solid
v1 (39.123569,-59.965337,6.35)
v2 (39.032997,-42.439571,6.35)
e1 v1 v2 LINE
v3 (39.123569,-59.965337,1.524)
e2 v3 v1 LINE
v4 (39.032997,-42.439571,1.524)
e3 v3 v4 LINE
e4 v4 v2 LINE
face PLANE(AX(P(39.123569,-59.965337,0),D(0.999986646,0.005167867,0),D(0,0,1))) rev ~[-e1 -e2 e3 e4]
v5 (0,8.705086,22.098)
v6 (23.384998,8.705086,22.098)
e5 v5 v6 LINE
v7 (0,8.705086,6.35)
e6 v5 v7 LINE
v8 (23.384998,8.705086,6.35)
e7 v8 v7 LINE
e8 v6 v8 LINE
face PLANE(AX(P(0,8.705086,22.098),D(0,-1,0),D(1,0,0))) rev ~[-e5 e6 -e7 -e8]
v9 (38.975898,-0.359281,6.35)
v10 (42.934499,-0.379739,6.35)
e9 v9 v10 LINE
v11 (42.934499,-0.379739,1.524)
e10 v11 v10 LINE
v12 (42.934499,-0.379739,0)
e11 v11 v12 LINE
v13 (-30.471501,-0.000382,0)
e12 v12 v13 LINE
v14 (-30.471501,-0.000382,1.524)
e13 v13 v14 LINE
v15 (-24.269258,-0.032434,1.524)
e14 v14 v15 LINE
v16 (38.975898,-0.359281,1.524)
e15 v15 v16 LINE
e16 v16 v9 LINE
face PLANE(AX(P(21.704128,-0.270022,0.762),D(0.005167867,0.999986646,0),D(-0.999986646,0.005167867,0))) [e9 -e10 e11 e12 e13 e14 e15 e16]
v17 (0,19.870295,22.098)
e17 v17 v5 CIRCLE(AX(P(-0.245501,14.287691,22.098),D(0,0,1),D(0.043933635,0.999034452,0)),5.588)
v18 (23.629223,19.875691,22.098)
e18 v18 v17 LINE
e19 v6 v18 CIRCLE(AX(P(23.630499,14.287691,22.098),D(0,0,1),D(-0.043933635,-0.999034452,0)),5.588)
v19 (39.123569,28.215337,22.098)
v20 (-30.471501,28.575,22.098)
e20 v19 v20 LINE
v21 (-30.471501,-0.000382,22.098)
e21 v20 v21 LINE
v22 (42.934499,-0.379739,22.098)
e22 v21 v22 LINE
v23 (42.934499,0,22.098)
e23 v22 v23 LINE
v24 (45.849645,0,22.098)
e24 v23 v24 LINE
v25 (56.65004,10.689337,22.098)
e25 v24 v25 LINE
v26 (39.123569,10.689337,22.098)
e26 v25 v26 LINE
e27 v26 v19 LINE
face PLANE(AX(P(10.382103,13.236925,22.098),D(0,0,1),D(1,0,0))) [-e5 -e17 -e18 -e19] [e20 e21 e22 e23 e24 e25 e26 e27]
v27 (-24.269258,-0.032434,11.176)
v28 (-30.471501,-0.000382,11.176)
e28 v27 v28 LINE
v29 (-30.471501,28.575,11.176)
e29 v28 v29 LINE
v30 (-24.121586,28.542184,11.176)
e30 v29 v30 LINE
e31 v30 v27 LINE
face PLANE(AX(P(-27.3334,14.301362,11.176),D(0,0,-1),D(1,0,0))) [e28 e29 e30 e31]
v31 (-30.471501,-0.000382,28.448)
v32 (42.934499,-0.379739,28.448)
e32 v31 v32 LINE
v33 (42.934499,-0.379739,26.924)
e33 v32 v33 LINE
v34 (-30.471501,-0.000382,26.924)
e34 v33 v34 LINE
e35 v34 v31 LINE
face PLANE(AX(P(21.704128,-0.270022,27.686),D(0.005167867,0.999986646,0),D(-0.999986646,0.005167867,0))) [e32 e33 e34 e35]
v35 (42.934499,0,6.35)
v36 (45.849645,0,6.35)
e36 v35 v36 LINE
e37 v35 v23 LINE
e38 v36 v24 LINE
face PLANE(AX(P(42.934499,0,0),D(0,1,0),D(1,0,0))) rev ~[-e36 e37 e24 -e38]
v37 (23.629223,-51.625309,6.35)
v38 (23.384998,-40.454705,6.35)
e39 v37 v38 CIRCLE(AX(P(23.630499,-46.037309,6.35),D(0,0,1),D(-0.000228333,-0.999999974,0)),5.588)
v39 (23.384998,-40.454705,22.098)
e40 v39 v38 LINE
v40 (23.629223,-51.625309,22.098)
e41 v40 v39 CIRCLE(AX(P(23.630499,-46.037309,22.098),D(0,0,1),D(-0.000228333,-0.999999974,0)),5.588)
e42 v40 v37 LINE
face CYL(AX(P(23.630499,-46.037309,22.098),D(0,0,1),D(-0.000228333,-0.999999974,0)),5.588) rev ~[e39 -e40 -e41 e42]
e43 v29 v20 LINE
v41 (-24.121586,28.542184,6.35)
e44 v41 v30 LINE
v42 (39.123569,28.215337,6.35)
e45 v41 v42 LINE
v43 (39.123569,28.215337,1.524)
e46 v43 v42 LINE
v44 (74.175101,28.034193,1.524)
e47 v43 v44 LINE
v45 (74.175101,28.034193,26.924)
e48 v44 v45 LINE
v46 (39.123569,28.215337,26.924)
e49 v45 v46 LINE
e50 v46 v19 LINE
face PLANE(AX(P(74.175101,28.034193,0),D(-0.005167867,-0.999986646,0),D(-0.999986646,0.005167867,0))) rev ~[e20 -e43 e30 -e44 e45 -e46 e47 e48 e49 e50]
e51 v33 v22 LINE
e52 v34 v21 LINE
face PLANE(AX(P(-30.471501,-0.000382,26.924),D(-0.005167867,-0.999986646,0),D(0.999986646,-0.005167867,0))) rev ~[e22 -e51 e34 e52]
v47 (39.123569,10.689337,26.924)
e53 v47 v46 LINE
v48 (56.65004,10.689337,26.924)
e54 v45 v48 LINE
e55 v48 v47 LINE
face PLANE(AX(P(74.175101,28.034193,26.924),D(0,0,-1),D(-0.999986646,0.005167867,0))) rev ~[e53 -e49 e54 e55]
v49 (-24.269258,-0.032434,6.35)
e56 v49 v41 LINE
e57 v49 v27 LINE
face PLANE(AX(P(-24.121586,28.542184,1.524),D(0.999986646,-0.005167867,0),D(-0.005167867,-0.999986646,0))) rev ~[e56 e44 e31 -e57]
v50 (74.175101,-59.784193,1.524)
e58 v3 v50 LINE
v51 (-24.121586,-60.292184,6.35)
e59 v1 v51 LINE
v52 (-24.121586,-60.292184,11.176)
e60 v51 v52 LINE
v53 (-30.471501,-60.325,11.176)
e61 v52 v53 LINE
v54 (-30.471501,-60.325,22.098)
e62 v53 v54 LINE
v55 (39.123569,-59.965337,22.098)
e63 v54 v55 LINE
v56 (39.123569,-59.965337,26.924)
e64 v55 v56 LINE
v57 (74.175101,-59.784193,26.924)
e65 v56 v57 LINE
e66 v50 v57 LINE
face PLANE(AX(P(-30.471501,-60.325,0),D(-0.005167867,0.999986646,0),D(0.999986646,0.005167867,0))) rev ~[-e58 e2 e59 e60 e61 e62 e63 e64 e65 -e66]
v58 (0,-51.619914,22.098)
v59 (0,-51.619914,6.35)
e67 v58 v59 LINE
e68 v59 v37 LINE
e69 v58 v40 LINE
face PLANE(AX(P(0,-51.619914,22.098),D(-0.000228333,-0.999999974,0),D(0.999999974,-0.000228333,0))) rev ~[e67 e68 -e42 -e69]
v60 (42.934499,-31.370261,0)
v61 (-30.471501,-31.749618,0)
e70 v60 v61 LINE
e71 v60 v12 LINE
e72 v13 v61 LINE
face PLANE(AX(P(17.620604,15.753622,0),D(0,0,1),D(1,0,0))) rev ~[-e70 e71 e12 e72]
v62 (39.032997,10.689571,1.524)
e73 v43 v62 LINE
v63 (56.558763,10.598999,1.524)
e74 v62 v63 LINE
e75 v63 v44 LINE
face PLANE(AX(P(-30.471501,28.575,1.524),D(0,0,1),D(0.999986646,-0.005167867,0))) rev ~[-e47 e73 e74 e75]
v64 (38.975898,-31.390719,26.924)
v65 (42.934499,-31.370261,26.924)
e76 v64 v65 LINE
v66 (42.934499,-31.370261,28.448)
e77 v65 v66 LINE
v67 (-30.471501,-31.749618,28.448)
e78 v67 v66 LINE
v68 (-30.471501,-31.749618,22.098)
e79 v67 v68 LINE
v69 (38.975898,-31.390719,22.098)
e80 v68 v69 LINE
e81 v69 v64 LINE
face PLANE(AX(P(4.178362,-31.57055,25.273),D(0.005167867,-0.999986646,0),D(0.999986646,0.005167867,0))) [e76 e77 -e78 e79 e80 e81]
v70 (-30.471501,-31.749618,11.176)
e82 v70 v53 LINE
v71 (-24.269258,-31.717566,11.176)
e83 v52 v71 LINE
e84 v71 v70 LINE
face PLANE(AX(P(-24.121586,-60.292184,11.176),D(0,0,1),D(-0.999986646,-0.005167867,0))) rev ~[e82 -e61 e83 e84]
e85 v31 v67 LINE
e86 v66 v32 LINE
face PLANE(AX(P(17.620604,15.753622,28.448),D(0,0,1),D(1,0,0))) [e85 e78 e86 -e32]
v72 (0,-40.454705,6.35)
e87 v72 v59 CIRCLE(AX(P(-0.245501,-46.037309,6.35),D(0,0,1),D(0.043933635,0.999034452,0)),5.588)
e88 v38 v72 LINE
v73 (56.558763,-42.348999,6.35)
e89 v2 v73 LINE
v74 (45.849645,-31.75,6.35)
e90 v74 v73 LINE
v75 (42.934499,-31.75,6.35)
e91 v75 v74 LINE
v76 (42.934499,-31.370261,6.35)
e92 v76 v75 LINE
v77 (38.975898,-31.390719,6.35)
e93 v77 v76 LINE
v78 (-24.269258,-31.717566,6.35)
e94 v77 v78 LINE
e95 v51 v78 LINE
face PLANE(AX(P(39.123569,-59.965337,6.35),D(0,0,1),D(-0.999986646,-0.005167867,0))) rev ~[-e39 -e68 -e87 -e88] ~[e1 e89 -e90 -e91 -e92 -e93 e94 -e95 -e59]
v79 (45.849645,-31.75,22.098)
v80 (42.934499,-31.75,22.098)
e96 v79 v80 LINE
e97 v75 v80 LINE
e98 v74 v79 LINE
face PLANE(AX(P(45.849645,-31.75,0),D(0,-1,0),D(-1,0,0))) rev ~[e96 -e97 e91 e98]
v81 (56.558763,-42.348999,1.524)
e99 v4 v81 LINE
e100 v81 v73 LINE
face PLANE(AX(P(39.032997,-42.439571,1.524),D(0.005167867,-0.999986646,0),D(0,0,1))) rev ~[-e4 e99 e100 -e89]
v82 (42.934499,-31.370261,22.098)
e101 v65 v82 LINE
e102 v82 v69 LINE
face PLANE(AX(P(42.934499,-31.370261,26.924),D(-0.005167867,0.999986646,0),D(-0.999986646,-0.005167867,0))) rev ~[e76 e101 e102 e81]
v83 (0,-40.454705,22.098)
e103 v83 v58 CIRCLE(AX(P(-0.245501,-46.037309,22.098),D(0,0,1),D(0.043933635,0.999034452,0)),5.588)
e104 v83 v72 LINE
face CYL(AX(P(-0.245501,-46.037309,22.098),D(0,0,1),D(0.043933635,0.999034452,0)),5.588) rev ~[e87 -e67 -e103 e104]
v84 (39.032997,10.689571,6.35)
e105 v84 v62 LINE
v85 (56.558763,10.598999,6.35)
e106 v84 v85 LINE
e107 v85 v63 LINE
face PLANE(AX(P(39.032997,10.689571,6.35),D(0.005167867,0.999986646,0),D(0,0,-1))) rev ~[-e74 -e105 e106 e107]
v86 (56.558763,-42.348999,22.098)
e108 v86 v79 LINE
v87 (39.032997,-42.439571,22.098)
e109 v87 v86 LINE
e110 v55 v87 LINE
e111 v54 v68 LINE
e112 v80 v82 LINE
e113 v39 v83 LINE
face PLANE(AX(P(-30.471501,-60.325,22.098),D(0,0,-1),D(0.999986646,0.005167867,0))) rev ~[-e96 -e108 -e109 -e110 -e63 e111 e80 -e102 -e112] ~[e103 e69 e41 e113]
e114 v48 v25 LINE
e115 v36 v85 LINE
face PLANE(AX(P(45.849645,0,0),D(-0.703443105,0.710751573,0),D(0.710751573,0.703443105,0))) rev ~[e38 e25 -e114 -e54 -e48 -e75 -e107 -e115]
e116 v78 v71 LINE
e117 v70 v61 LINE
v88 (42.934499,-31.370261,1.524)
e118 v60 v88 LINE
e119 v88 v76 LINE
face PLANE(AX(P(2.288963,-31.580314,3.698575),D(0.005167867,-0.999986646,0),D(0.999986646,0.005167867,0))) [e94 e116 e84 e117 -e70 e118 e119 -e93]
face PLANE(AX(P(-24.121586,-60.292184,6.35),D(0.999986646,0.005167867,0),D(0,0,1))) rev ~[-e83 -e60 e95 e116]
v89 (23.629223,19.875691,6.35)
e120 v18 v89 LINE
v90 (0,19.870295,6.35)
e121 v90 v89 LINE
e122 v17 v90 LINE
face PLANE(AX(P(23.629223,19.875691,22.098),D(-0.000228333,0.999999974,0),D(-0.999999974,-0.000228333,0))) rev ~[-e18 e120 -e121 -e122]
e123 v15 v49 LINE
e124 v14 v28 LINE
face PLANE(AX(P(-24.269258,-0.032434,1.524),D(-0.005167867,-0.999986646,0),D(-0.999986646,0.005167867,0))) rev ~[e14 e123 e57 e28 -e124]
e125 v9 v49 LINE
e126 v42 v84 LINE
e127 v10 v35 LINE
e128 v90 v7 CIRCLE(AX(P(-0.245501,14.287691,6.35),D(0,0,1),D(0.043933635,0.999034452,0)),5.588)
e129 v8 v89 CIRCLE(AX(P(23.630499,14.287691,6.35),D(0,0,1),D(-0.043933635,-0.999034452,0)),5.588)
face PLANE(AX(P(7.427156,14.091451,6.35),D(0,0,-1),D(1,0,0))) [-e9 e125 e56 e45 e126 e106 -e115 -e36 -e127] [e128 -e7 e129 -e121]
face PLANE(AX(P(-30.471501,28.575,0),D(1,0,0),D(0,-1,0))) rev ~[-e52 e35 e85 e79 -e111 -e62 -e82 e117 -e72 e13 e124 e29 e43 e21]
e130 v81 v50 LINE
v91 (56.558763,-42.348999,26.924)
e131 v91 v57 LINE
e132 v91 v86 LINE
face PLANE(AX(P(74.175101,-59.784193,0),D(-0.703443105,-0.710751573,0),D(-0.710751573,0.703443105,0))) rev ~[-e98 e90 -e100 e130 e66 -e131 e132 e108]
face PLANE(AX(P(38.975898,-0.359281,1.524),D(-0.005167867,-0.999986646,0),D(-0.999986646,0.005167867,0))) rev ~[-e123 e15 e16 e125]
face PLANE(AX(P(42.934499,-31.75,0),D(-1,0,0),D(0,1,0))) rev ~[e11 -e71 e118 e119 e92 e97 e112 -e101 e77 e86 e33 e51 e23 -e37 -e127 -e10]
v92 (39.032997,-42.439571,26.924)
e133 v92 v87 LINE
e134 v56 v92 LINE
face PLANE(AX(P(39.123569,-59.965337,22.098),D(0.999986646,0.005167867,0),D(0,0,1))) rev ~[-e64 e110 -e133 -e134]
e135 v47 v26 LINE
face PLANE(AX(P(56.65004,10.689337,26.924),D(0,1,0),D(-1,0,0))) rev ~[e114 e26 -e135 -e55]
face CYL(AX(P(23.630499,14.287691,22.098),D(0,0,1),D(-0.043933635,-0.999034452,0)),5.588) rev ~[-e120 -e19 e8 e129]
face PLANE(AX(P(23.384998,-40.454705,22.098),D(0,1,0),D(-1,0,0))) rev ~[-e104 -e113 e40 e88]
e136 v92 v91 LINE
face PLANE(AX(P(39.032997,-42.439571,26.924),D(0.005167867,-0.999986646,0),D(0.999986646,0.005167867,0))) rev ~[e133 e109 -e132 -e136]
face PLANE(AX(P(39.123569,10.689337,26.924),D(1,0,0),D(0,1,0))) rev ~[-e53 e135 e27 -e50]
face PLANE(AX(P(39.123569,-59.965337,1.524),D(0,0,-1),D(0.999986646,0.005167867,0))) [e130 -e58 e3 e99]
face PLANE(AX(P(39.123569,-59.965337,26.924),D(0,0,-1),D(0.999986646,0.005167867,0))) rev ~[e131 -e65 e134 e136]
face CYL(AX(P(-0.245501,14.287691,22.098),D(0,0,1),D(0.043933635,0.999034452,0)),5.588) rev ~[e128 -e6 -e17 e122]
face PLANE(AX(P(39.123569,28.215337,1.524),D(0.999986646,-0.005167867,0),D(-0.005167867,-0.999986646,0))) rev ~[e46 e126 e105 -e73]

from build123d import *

# Parameters (mm, degrees)
F0_W      = 73.406
F0_H      = 15.875
F1_DEPTH  = 28.448
F2_W      = 35.052
F2_H      = 1.524
F3_DEPTH  = 28.575
F4_W      = 69.596
F4_H      = 6.35
F5_DEPTH  = 28.575
F7_DEPTH  = 4.826
F9_DEPTH  = 28.575
F11_DEPTH = 4.826
F13_DEPTH = 9.652
F15_DEPTH = 4.826
F17_DEPTH = 25.4
F18_W     = 11.049
F18_H     = 4.826
F19_DEPTH = 25.4
F21_DEPTH = 25.4


with BuildPart() as f1:
    # F0 (on Top) → F1 (new body)
    with BuildSketch(Plane.XY):
        Polygon((74.175101427, 28.0341930517), (-30.4715011545, 28.575), (-30.4715011545, 0), (42.9344988455, 0), (45.8496453135, 0), align=None)
        with Locations((6.2314988455, -7.9375)):
            Rectangle(F0_W, F0_H)
        Polygon((42.9344988455, -15.875), (-30.4715011545, -15.875), (-30.4715011545, -31.75), (-30.4715011545, -60.325), (74.175101427, -59.7841930517), (45.8496453135, -31.75), (42.9344988455, -31.75), align=None)
    extrude(amount=F1_DEPTH)

    # F2 (on face) → F3 (cut)
    with BuildSketch(Plane(origin=(0.3109336175, -60.1659183461, 0), x_dir=(0.9999866465, 0.005167867, 0), z_dir=(0.005167867, -0.9999866465, 0))):
        with Locations((56.3391541689, 27.686)):
            Rectangle(F2_W, F2_H)
        with Locations((56.3391541689, 0.762)):
            Rectangle(F2_W, F2_H)
    extrude(amount=-F3_DEPTH, mode=Mode.SUBTRACT)

    # F4 (on face) → F5 (cut)
    with BuildSketch(Plane(origin=(0.3109336175, -60.1659183461, 0), x_dir=(0.9999866465, 0.005167867, 0), z_dir=(0.005167867, -0.9999866465, 0))):
        with Locations((4.0151541689, 25.273)):
            Rectangle(F4_W, F4_H)
        Polygon((-24.4328458311, 11.176), (-30.7828458311, 11.176), (-30.7828458311, 0), (38.8131541689, 0), (38.8131541689, 6.35), (-24.4328458311, 6.35), align=None)
    extrude(amount=-F5_DEPTH, mode=Mode.SUBTRACT)

    # F6 (on face) → F7 (cut)
    with BuildSketch(Plane.XY.offset(26.924)):
        Polygon((42.9344988455, -31.75), (38.9777544369, -31.75), (39.0329974569, -42.4395711603), (56.5587634232, -42.3489991228), (45.8496453135, -31.75), align=None)
        Polygon((42.9344988455, -31.3702609057), (38.9758976941, -31.3907187032), (38.9777544369, -31.75), (42.9344988455, -31.75), align=None)
    extrude(amount=-F7_DEPTH, mode=Mode.SUBTRACT)

    # F8 (on face) → F9 (cut)
    with BuildSketch(Plane(origin=(0.1468560305, 28.4167662886, 0), x_dir=(-0.9999866465, 0.005167867, 0), z_dir=(0.005167867, 0.9999866465, 0))):
        Polygon((-48.6415103078, 28.448), (-74.0292339469, 28.448), (-74.0292339469, 26.924), (-48.6415103078, 26.924), (30.6187660531, 26.924), (30.6187660531, 28.448), align=None)
        Polygon((30.6187660531, 1.524), (-74.0292339469, 1.524), (-74.0292339469, 0), (-49.0522161126, 0), (30.6187660531, 0), align=None)
    extrude(amount=-F9_DEPTH, mode=Mode.SUBTRACT)

    # F10 (on face) → F11 (cut)
    with BuildSketch(Plane.XY.offset(26.924)):
        Polygon((39.1235694943, 10.6893371266), (39.1235694943, 28.2153371266), (-30.4715011545, 28.575), (-30.4715011545, -0.0003815818), (42.9344988455, -0.3797390943), (42.9344988455, 0), (45.8496453135, 0), (56.6500399995, 10.6893371266), align=None)
    extrude(amount=-F11_DEPTH, mode=Mode.SUBTRACT)

    # F12 (on face) → F13 (cut)
    with BuildSketch(Plane(origin=(0, 0, 1.524), x_dir=(1, 0, 0), z_dir=(0, 0, -1))):
        Polygon((-30.4715011545, 0.0003815818), (-30.4715011545, -28.575), (-24.1215859493, -28.5421840444), (-24.2692577495, 0.0324343789), align=None)
    extrude(amount=-F13_DEPTH, mode=Mode.SUBTRACT)

    # F14 (on face) → F15 (cut)
    with BuildSketch(Plane(origin=(0, 0, 1.524), x_dir=(1, 0, 0), z_dir=(0, 0, -1))):
        Polygon((38.9758976941, 0.3592812968), (-24.2692577495, 0.0324343789), (-24.1215859493, -28.5421840444), (39.1235694943, -28.2153371266), align=None)
    extrude(amount=-F15_DEPTH, mode=Mode.SUBTRACT)

    # F16 (on face) → F17 (cut)
    with BuildSketch(Plane(origin=(38.9767134639, -0.201429162, 0), x_dir=(-0.005167867, -0.9999866465, 0), z_dir=(-0.9999866465, 0.005167867, 0))):
        Polygon((0.1578542427, 6.35), (-0.2124354796, 6.35), (-10.8911457573, 6.35), (-10.8911457573, 1.524), (-0.2124354796, 1.524), (0.1578542427, 1.524), align=None)
    extrude(amount=-F17_DEPTH, mode=Mode.SUBTRACT)

    # F18 (on face) → F19 (cut)
    with BuildSketch(Plane(origin=(38.8126358769, 0.2005812195, 0), x_dir=(0.005167867, -0.9999866465, 0), z_dir=(-0.9999866465, -0.005167867, 0))):
        with Locations((37.1162217833, 3.937)):
            Rectangle(F18_W, F18_H)
    extrude(amount=-F19_DEPTH, mode=Mode.SUBTRACT)

    # F20 (on face) → F21 (cut)
    with BuildSketch(Plane.XY.offset(22.098)):
        with BuildLine():
            Line((0, -51.6199137252), (23.6292229191, -51.6253090635))
            ThreePointArc((23.6292229191, -51.6253090635), (29.2171637927, -45.9151668007), (23.384997691, -40.454704693))
            Line((23.384997691, -40.454704693), (0, -40.454704693))
            ThreePointArc((0, -40.454704693), (-5.8335011545, -46.0373092091), (0, -51.6199137252))
        make_face()
        with BuildLine():
            ThreePointArc((0, 19.870295307), (-5.8335011545, 14.2876907909), (0, 8.7050862748))
            Line((0, 8.7050862748), (23.384997691, 8.7050862748))
            ThreePointArc((23.384997691, 8.7050862748), (29.2171637927, 14.1655483825), (23.6292229191, 19.8756906452))
            Line((23.6292229191, 19.8756906452), (0, 19.870295307))
        make_face()
    extrude(amount=-F21_DEPTH, mode=Mode.SUBTRACT)


solid = f1.part
